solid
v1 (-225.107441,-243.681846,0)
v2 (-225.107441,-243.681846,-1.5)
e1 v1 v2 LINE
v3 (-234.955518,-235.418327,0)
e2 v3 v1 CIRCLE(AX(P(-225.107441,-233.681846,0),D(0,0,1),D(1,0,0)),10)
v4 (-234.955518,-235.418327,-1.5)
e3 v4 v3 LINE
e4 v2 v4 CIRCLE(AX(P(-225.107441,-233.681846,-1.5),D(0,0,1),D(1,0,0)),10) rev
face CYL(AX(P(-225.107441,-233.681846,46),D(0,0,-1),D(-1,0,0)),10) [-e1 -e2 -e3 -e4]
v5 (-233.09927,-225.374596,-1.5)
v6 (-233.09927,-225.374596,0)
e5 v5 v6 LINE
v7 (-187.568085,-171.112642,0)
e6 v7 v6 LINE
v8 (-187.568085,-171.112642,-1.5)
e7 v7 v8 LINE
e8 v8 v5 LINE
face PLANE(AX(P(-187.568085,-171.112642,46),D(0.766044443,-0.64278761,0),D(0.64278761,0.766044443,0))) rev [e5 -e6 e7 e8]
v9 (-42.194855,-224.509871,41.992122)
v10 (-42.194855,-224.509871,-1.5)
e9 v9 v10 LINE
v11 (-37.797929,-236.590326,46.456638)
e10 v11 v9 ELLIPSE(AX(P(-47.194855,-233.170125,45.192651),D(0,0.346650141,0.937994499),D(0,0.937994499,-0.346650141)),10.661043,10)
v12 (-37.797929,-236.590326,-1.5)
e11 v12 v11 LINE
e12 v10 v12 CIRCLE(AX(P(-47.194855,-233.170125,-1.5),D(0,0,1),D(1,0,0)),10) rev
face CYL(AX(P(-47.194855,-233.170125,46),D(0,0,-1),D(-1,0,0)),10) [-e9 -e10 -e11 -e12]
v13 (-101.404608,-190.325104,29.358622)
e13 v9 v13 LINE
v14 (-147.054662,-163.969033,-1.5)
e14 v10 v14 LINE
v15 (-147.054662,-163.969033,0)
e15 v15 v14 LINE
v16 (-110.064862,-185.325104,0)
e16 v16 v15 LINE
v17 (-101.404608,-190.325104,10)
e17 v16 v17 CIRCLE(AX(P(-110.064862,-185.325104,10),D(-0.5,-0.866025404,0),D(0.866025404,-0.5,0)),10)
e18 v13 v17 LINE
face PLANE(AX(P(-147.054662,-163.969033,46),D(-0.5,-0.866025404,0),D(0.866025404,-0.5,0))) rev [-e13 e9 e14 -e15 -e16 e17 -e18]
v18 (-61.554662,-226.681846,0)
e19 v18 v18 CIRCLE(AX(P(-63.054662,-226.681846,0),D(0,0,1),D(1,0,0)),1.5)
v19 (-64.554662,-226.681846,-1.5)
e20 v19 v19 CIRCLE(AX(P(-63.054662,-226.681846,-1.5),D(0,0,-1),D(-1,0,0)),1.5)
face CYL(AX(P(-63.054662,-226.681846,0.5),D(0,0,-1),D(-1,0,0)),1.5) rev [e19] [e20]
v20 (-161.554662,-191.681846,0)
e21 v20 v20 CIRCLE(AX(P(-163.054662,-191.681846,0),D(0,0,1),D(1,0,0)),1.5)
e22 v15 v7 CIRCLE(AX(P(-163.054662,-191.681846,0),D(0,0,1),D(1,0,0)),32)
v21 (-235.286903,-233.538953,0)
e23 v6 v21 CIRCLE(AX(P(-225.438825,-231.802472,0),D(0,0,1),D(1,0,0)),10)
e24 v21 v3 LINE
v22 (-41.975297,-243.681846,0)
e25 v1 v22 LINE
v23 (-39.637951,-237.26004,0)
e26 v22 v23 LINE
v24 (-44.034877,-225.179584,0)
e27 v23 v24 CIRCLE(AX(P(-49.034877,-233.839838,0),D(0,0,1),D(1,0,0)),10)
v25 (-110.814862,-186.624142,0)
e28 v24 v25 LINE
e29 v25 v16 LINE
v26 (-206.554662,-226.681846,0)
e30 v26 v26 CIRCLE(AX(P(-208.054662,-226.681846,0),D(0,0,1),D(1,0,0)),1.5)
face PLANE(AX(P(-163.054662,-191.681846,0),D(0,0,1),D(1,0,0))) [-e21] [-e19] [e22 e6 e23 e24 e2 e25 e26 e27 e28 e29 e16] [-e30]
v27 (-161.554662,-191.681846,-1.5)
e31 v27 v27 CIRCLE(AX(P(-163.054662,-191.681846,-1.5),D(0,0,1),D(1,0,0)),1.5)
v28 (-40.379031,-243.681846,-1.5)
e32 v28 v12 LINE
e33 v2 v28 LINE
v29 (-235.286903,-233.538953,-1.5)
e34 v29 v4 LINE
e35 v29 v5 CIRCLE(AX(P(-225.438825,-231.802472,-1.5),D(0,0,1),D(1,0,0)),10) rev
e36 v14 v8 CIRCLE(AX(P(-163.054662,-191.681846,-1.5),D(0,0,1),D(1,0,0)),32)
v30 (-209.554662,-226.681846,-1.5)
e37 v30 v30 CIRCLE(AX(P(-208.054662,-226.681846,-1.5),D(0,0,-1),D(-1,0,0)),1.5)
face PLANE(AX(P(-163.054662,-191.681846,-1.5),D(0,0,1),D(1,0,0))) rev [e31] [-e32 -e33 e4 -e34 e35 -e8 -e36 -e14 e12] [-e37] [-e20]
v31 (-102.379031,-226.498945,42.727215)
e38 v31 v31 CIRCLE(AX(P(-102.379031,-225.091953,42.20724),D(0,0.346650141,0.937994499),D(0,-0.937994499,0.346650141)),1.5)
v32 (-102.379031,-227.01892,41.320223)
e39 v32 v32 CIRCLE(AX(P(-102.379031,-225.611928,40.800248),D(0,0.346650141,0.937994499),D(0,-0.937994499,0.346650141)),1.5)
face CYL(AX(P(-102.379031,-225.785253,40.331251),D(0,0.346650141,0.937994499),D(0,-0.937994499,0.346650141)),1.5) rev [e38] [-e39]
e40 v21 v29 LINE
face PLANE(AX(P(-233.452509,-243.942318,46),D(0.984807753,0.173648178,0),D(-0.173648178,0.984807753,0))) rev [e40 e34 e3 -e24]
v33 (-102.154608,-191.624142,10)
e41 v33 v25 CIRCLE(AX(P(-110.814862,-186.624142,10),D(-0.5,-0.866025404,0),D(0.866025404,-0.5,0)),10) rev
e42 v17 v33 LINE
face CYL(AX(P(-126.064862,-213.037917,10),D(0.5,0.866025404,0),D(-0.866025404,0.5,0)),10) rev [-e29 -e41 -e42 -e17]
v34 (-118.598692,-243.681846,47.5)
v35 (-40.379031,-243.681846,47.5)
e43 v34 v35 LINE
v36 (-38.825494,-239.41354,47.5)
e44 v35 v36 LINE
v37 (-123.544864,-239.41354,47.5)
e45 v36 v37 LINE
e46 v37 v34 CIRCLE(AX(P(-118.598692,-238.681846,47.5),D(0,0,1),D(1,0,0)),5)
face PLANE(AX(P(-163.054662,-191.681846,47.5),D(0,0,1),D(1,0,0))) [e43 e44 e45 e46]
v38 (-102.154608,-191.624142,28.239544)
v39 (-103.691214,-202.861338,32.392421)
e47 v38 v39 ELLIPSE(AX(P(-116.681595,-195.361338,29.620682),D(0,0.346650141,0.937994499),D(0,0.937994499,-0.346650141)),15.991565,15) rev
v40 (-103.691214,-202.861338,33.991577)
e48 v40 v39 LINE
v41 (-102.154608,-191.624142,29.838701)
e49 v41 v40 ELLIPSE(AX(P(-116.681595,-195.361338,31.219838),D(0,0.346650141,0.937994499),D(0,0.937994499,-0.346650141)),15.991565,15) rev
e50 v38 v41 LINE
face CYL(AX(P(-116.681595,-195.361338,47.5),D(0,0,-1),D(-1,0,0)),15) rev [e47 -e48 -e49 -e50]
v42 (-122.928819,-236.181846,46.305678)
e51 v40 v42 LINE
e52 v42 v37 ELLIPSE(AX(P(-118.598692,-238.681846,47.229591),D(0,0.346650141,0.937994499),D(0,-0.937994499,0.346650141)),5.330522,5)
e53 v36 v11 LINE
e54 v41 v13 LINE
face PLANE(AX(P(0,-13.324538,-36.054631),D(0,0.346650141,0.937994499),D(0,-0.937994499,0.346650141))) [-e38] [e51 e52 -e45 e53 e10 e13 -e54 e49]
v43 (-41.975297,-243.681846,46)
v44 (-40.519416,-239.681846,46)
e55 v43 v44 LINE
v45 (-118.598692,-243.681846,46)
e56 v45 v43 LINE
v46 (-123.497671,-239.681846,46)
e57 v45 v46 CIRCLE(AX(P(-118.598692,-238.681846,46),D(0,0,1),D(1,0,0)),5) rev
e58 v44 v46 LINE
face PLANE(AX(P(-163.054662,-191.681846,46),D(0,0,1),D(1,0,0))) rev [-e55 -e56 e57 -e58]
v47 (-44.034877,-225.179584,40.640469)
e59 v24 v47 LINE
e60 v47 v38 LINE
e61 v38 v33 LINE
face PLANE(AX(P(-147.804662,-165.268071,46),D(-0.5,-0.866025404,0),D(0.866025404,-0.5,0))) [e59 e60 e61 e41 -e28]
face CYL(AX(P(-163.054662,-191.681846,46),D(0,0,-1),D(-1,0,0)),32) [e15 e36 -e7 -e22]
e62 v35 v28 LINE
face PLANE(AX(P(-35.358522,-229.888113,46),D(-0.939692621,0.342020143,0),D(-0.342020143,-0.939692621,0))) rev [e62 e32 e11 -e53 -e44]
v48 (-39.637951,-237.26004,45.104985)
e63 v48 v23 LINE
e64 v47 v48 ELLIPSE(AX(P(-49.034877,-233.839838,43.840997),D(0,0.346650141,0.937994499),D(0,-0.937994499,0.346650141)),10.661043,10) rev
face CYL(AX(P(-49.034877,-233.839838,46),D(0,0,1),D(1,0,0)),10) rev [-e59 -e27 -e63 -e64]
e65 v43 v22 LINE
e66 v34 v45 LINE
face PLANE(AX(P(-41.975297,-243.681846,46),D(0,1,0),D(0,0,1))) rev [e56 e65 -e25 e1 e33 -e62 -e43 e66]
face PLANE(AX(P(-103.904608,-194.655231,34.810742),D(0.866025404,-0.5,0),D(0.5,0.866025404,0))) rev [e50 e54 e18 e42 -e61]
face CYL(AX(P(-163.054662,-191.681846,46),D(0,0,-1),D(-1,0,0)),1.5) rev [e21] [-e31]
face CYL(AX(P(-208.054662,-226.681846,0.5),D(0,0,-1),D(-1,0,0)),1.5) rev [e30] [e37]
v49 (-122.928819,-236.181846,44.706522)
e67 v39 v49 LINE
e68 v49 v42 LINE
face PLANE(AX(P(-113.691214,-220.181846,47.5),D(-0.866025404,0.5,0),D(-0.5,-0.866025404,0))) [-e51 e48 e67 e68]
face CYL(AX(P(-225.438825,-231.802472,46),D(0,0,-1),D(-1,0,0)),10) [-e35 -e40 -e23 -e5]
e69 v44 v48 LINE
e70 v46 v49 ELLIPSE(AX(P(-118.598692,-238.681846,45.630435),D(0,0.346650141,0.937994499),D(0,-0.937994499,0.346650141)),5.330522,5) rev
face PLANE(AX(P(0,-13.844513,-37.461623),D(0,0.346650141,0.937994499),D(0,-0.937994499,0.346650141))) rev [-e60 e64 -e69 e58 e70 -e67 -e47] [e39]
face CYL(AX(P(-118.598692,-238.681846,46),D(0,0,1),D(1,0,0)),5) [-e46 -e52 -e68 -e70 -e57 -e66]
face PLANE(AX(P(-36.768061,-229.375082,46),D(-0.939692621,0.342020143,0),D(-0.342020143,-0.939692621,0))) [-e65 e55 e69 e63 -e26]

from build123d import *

# Parameters (mm, degrees)
SKETCH_1_R          = 1.5
EXTRUDE_1_DEPTH     = 46
SKETCH_6_W          = 244.099615043
SKETCH_6_H          = 133.346377704
CUT_EXTRUDE_3_DEPTH = 339.792470358
SHELL_1_T           = 1.5
CUT_EXTRUDE_START   = -1.5
CUT_EXTRUDE_2_DEPTH = 342.316954288
FILLET_2_R          = 10
FILLET_3_R          = 10
FILLET_4_R          = 5
SKETCH_7_W          = 1.712142643
SKETCH_7_H          = 34.810742179
CUT_EXTRUDE_4_DEPTH = 5
FILLET_5_R          = 10
SKETCH_10_R         = 1.5
CUT_EXTRUDE_5_DEPTH = 2
SKETCH_11_R         = 1.5
CUT_EXTRUDE_6_DEPTH = 2


with BuildPart() as part:
    # 草图1 → 凸台-拉伸1 (new body)
    with BuildSketch(Plane.XY):
        with BuildLine():
            Line((-186.419017908, -172.076823512), (-234.49796572, -229.375082296))
            Line((-234.49796572, -229.375082296), (-231.975297342, -243.681845608))
            Line((-231.975297342, -243.681845608), (-41.975297342, -243.681845608))
            Line((-41.975297342, -243.681845608), (-36.768061348, -229.375082296))
            Line((-36.768061348, -229.375082296), (-147.804662393, -165.268070792))
            ThreePointArc((-147.804662393, -165.268070792), (-168.350931812, -161.645209141), (-186.419017908, -172.076823512))
        make_face()
        with Locations((-163.054662393, -191.681845608)):
            Circle(SKETCH_1_R, mode=Mode.SUBTRACT)
    extrude(amount=EXTRUDE_1_DEPTH)

    # 草图6 → 切除-拉伸3 (cut, through all)
    with BuildSketch(Plane(origin=(0, -13.84451284, -37.461622979), x_dir=(1, 0, 0), z_dir=(0, 0.3466501408716292, 0.9379944988291136))):
        with Locations((-134.599820809, -204.098171804)):
            Rectangle(SKETCH_6_W, SKETCH_6_H)
    extrude(amount=CUT_EXTRUDE_3_DEPTH, mode=Mode.SUBTRACT)

    # 抽壳1
    shell_1_openings = [part.faces().sort_by_distance(p)[0] for p in [
        (-136.975297342, -243.681845608, 23),
        (-164.554662393, -191.681845608, 14.463541988),
    ]]
    offset(amount=SHELL_1_T, openings=shell_1_openings, kind=Kind.INTERSECTION)

    # 草图2 → 切除-拉伸2 (cut, through all)
    with BuildSketch(Plane(origin=(0, 0, -1.5), x_dir=(-1, 0, 0), z_dir=(0, 0, -1)).offset(CUT_EXTRUDE_START)):
        with BuildLine():
            Line((103.691214377, -202.861337532), (127.258945703, -243.681845608))
            Line((127.258945703, -243.681845608), (233.49843726, -243.681845608))
            Line((233.49843726, -243.681845608), (236.096637562, -228.946719467))
            Line((236.096637562, -228.946719467), (187.568084573, -171.112642098))
            ThreePointArc((187.568084573, -171.112642098), (168.611404078, -160.167997512), (147.054662393, -163.969032687))
            Line((147.054662393, -163.969032687), (102.8873668, -189.469032687))
            ThreePointArc((102.8873668, -189.469032687), (101.708543429, -196.260066445), (103.691214377, -202.861337532))
        make_face()
    extrude(amount=-CUT_EXTRUDE_2_DEPTH, mode=Mode.SUBTRACT)

    # 圆角2
    fillet_2_edges = [part.edges().sort_by_distance(p)[0] for p in [
        (-34.928038952, -228.705368914, 21.021316252),
        (-36.768061348, -229.375082296, 21.095489388),
    ]]
    fillet(fillet_2_edges, radius=FILLET_2_R)

    # 圆角3
    fillet_3_edges = [part.edges().sort_by_distance(p)[0] for p in [
        (-236.096637562, -228.946719467, -0.75),
        (-233.49843726, -243.681845608, -0.75),
    ]]
    fillet(fillet_3_edges, radius=FILLET_3_R)

    # 圆角4
    fillet_4_edges = [part.edges().sort_by_distance(p)[0] for p in [
        (-127.258945703, -243.681845608, 46.75),
    ]]
    fillet(fillet_4_edges, radius=FILLET_4_R)

    # 草图7 → 切除-拉伸4 (cut)
    with BuildSketch(Plane(origin=(-107.764339469, -186.653311204, 0), x_dir=(0.8660254037844399, -0.4999999999999979, 0), z_dir=(0.49999999999999784, 0.8660254037844398, 0))):
        with Locations((6.487514288, -17.40537109)):
            Rectangle(SKETCH_7_W, SKETCH_7_H)
    extrude(amount=-CUT_EXTRUDE_4_DEPTH, mode=Mode.SUBTRACT)

    # 圆角5
    fillet_5_edges = [part.edges().sort_by_distance(p)[0] for p in [
        (-101.779607776, -190.974623061, 0),
    ]]
    fillet(fillet_5_edges, radius=FILLET_5_R)

    # 草图10 → 切除-拉伸5 (cut)
    with BuildSketch(Plane(origin=(0, 0, -1.5), x_dir=(-1, 0, 0), z_dir=(0, 0, -1))):
        with Locations((208.054662393, -226.681845608)):
            Circle(SKETCH_10_R)
        with Locations((63.054662393, -226.681845608)):
            Circle(SKETCH_10_R)
    extrude(amount=-CUT_EXTRUDE_5_DEPTH, mode=Mode.SUBTRACT)

    # 草图11 → 切除-拉伸6 (cut)
    with BuildSketch(Plane(origin=(0, -13.324537629, -36.054631231), x_dir=(1, 0, 0), z_dir=(0, 0.3466501408716292, 0.9379944988291135))):
        with Locations(Location((-102.379030683, -225.76615913, 0), (0, 0, 270))):
            Circle(SKETCH_11_R)
    extrude(amount=-CUT_EXTRUDE_6_DEPTH, mode=Mode.SUBTRACT)


solid = part.part
